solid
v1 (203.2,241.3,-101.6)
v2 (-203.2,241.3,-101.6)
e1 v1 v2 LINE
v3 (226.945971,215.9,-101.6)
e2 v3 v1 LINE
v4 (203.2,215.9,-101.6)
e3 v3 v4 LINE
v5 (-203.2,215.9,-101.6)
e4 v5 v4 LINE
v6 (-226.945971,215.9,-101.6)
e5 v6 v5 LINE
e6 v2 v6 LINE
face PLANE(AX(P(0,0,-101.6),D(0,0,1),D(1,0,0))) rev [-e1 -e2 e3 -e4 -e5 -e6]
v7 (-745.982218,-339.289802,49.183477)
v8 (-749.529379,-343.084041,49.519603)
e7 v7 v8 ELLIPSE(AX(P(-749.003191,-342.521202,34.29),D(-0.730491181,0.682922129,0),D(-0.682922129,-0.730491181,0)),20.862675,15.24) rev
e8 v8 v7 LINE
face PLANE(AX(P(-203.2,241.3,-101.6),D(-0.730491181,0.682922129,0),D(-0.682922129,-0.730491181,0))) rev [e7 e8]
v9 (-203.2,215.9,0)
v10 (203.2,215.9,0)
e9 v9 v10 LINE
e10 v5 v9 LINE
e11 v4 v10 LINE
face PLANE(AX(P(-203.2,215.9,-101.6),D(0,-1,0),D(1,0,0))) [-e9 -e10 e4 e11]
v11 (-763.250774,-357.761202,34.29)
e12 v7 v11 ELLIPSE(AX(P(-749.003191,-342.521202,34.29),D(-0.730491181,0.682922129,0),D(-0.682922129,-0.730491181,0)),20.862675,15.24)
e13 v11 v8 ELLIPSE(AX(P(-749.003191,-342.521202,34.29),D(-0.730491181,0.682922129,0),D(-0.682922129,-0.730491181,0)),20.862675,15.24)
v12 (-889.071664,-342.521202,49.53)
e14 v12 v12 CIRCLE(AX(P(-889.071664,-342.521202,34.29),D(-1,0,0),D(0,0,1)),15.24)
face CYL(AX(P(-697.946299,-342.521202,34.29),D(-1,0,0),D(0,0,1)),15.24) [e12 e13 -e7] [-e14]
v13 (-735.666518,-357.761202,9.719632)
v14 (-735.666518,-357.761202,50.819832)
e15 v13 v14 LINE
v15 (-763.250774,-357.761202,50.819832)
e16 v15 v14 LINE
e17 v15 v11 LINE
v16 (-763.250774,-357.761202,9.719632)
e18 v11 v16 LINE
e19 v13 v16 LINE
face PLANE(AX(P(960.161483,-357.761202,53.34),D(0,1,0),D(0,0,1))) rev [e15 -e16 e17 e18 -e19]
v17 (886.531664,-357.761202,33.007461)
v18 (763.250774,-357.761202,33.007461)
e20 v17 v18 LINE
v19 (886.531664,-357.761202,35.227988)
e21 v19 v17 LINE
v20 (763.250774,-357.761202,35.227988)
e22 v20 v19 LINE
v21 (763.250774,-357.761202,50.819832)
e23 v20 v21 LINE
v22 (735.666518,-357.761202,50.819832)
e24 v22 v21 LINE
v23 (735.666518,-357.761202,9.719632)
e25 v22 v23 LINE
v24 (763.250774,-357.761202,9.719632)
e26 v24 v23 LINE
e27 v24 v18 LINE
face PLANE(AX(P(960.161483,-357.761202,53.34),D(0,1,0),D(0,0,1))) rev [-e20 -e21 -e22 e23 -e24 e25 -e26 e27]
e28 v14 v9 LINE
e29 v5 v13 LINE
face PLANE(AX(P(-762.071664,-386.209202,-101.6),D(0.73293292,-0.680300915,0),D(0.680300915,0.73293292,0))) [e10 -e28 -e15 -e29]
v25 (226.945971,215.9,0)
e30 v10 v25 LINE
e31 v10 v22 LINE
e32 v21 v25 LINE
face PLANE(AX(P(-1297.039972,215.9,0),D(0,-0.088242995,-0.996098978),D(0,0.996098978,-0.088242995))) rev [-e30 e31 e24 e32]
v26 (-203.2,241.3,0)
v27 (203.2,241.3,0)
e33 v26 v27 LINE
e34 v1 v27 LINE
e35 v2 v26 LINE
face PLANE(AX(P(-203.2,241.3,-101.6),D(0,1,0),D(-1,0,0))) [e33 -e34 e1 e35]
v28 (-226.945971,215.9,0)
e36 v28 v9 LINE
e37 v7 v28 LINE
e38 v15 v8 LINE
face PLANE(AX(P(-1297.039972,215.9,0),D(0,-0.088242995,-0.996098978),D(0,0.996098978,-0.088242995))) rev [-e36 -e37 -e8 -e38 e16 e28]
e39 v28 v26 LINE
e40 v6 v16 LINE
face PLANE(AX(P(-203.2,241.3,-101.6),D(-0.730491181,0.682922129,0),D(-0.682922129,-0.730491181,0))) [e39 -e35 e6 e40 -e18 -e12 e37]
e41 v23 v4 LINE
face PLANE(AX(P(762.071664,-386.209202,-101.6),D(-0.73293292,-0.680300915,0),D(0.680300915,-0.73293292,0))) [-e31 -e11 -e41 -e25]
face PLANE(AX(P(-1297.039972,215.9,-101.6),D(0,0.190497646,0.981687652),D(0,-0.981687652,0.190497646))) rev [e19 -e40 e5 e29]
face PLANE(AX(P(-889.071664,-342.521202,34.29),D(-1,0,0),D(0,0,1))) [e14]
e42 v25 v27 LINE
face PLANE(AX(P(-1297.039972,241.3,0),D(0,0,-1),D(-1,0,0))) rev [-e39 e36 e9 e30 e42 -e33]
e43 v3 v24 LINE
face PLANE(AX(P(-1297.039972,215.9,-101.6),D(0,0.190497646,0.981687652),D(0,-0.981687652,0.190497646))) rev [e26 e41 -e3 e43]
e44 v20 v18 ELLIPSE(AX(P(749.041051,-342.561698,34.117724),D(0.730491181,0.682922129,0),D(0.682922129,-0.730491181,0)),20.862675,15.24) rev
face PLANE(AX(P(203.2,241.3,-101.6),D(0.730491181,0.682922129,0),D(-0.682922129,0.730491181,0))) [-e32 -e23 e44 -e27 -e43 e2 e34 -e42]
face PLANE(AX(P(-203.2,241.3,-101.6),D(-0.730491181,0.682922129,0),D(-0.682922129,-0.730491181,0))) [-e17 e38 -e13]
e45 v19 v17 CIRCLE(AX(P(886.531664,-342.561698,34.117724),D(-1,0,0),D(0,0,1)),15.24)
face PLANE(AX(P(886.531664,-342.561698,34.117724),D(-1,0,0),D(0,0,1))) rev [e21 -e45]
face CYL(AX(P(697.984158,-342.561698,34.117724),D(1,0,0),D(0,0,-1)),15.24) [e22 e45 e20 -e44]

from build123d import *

# Parameters (mm, degrees)
BOSS_EXTRUDE6_DEPTH              = 53.34
BOSS_EXTRUDE6_DEPTH_BACK         = 101.6
CUT_EXTRUDE8_REACH               = 902.262
CUT_EXTRUDE8_DIRECTION_2_REACH   = 902.262
SKETCH15_R                       = 19.05
BOSS_EXTRUDE8_DEPTH              = 127
CUT_EXTRUDE9_REACH               = 1709.816
SKETCH16_W                       = 38.1
SKETCH16_H                       = 10.414
CUT_EXTRUDE9_DIRECTION_2_REACH   = 1709.816
SKETCH17_R                       = 15.24
BOSS_EXTRUDE9_DEPTH              = 127
BOSS_EXTRUDE9_DIRECTION_2_REACH  = 1707.258
SKETCH18_R                       = 15.24
BOSS_EXTRUDE10_DEPTH             = 127
BOSS_EXTRUDE10_DIRECTION_2_REACH = 1704.799
CUT_EXTRUDE10_REACH              = 1704.799
CUT_EXTRUDE10_DIRECTION_2_REACH  = 1704.799


with BuildPart() as part:
    # Sketch12 → Boss-Extrude6 (new, two sides: drawn at the far end of the back side and taken through both)
    with BuildSketch(Plane.XY.offset(-BOSS_EXTRUDE6_DEPTH_BACK)):
        Polygon((-203.2, 241.3), (203.2, 241.3), (787.471663752, -383.669201703), (787.471663752, -424.309201703), (762.071663752, -424.309201703), (762.071663752, -386.209201703), (203.2, 215.9), (-203.2, 215.9), (-762.071663752, -386.209201703), (-762.071663752, -424.309201703), (-787.471663752, -424.309201703), (-787.471663752, -383.669201703), align=None)
    extrude(amount=BOSS_EXTRUDE6_DEPTH + BOSS_EXTRUDE6_DEPTH_BACK)

    # Cut-Extrude8: up to this plane
    cut_extrude8_end = Plane(origin=(-203.2, 241.3, -101.6), z_dir=(-0.7304911811601322, 0.6829221289775833, 0))
    # Sketch14 → Cut-Extrude8 (cut, up to the surface)
    with BuildSketch(Plane(origin=(0, 0, 0), x_dir=(0, 0, -1), z_dir=(1, 0, 0)), mode=Mode.PRIVATE) as cut_extrude8_sk1:
        Polygon((0, 241.3), (0, 215.9), (-53.34, -386.209201703), (-53.34, 241.3), align=None)
    cut_extrude8_tool1 = split(extrude(cut_extrude8_sk1.sketch, amount=-CUT_EXTRUDE8_REACH, mode=Mode.PRIVATE), bisect_by=cut_extrude8_end, keep=Keep.BOTH, mode=Mode.PRIVATE)
    add(cut_extrude8_tool1.solids().sort_by_distance((0, 31.800889, 34.868308))[0], mode=Mode.SUBTRACT)
    # Sketch14 → Cut-Extrude8 (cut, up to the surface)
    with BuildSketch(Plane(origin=(0, 0, 0), x_dir=(0, 0, -1), z_dir=(1, 0, 0)), mode=Mode.PRIVATE) as cut_extrude8_sk2:
        Polygon((101.6, 215.9), (-15.24, -386.209201703), (-15.24, -424.309201703), (101.6, -424.309201703), align=None)
    cut_extrude8_tool2 = split(extrude(cut_extrude8_sk2.sketch, amount=-CUT_EXTRUDE8_REACH, mode=Mode.PRIVATE), bisect_by=cut_extrude8_end, keep=Keep.BOTH, mode=Mode.PRIVATE)
    add(cut_extrude8_tool2.solids().sort_by_distance((0, -210.192787, -60.465735))[0], mode=Mode.SUBTRACT)

    # Cut-Extrude8 direction 2: up to this plane
    cut_extrude8_direction_2_end = Plane(origin=(203.2, 241.3, -101.6), z_dir=(0.7304911811601321, 0.6829221289775835, 0))
    # Sketch14 → Cut-Extrude8 direction 2 (cut, up to the surface)
    with BuildSketch(Plane(origin=(0, 0, 0), x_dir=(0, 0, -1), z_dir=(1, 0, 0)), mode=Mode.PRIVATE) as cut_extrude8_direction_2_sk1:
        Polygon((0, 241.3), (0, 215.9), (-53.34, -386.209201703), (-53.34, 241.3), align=None)
    cut_extrude8_direction_2_tool1 = split(extrude(cut_extrude8_direction_2_sk1.sketch, amount=CUT_EXTRUDE8_DIRECTION_2_REACH, mode=Mode.PRIVATE), bisect_by=cut_extrude8_direction_2_end, keep=Keep.BOTH, mode=Mode.PRIVATE)
    add(cut_extrude8_direction_2_tool1.solids().sort_by_distance((0, 31.800889, 34.868308))[0], mode=Mode.SUBTRACT)
    # Sketch14 → Cut-Extrude8 direction 2 (cut, up to the surface)
    with BuildSketch(Plane(origin=(0, 0, 0), x_dir=(0, 0, -1), z_dir=(1, 0, 0)), mode=Mode.PRIVATE) as cut_extrude8_direction_2_sk2:
        Polygon((101.6, 215.9), (-15.24, -386.209201703), (-15.24, -424.309201703), (101.6, -424.309201703), align=None)
    cut_extrude8_direction_2_tool2 = split(extrude(cut_extrude8_direction_2_sk2.sketch, amount=CUT_EXTRUDE8_DIRECTION_2_REACH, mode=Mode.PRIVATE), bisect_by=cut_extrude8_direction_2_end, keep=Keep.BOTH, mode=Mode.PRIVATE)
    add(cut_extrude8_direction_2_tool2.solids().sort_by_distance((0, -210.192787, -60.465735))[0], mode=Mode.SUBTRACT)

    # Sketch15 → Boss-Extrude8 (add)
    with BuildSketch(Plane.ZY.offset(762.071663752)):
        with Locations((34.29, -394.845201703)):
            Circle(SKETCH15_R)
    boss_extrude8 = extrude(amount=BOSS_EXTRUDE8_DEPTH)

    # Mirror2: Boss-Extrude8 across plane
    add(boss_extrude8.mirror(Plane(origin=(0, 0, 0), x_dir=(0, 0, 1), z_dir=(1, 0, 0))))

    # Cut-Extrude9: up to this face of the body (flat: up to its plane)
    cut_extrude9_end = Plane(part.part.faces().sort_by_distance((-787.471663752, -416.434815963, 34.29))[0])
    # Sketch16 → Cut-Extrude9 (cut, up to the picked face)
    with BuildSketch(Plane.ZY.offset(762.071663752), mode=Mode.PRIVATE) as cut_extrude9_sk1:
        with Locations((34.29, -419.102201703)):
            Rectangle(SKETCH16_W, SKETCH16_H)
    cut_extrude9_tool1 = split(extrude(cut_extrude9_sk1.sketch, amount=CUT_EXTRUDE9_REACH, mode=Mode.PRIVATE), bisect_by=cut_extrude9_end, keep=Keep.BOTH, mode=Mode.PRIVATE)
    add(cut_extrude9_tool1.solids().sort_by(Axis((-762.071664, -419.102202, 34.29), (-1, 0, 0)))[0], mode=Mode.SUBTRACT)

    # Cut-Extrude9 direction 2: up to this face of the body (flat: up to its plane)
    cut_extrude9_direction_2_end = Plane(part.part.faces().sort_by_distance((787.471663752, -416.434815963, 34.29))[0])
    # Sketch16 → Cut-Extrude9 direction 2 (cut, up to the picked face)
    with BuildSketch(Plane.ZY.offset(762.071663752), mode=Mode.PRIVATE) as cut_extrude9_direction_2_sk1:
        with Locations((34.29, -419.102201703)):
            Rectangle(SKETCH16_W, SKETCH16_H)
    cut_extrude9_direction_2_tool1 = split(extrude(cut_extrude9_direction_2_sk1.sketch, amount=-CUT_EXTRUDE9_DIRECTION_2_REACH, mode=Mode.PRIVATE), bisect_by=cut_extrude9_direction_2_end, keep=Keep.BOTH, mode=Mode.PRIVATE)
    add(cut_extrude9_direction_2_tool1.solids().sort_by(Axis((-762.071664, -419.102202, 34.29), (1, 0, 0)))[0], mode=Mode.SUBTRACT)

    # Sketch17 → Boss-Extrude9 (add)
    with BuildSketch(Plane.ZY.offset(762.071663752)):
        with Locations((34.29, -342.521201703)):
            Circle(SKETCH17_R)
    extrude(amount=BOSS_EXTRUDE9_DEPTH)

    # Boss-Extrude9 direction 2: up to this face of the body (flat: up to its plane)
    boss_extrude9_direction_2_end = Plane(part.part.faces().sort_by_distance((-449.243763763, -21.881982223, -17.095411005))[0])
    # Sketch17 → Boss-Extrude9 direction 2 (add, up to the picked face)
    with BuildSketch(Plane.ZY.offset(762.071663752), mode=Mode.PRIVATE) as boss_extrude9_direction_2_sk1:
        with Locations((34.29, -342.521201703)):
            Circle(SKETCH17_R)
    boss_extrude9_direction_2_tool1 = split(extrude(boss_extrude9_direction_2_sk1.sketch, amount=-BOSS_EXTRUDE9_DIRECTION_2_REACH, mode=Mode.PRIVATE), bisect_by=boss_extrude9_direction_2_end, keep=Keep.BOTH, mode=Mode.PRIVATE)
    add(boss_extrude9_direction_2_tool1.solids().sort_by(Axis((-762.071664, -342.521202, 34.29), (1, 0, 0)))[0])

    # Sketch18 → Boss-Extrude10 (add)
    with BuildSketch(Plane.ZY.offset(-759.531663752)):
        with Locations(Location((34.117724321, -342.561697921, 0), (0, 0, 270))):
            Circle(SKETCH18_R)
    extrude(amount=-BOSS_EXTRUDE10_DEPTH)

    # Boss-Extrude10 direction 2: up to this face of the body (flat: up to its plane)
    boss_extrude10_direction_2_end = Plane(part.part.faces().sort_by_distance((449.243763763, -21.881982223, -17.095411005))[0])
    # Sketch18 → Boss-Extrude10 direction 2 (add, up to the picked face)
    with BuildSketch(Plane.ZY.offset(-759.531663752), mode=Mode.PRIVATE) as boss_extrude10_direction_2_sk1:
        with Locations(Location((34.117724321, -342.561697921, 0), (0, 0, 270))):
            Circle(SKETCH18_R)
    boss_extrude10_direction_2_tool1 = split(extrude(boss_extrude10_direction_2_sk1.sketch, amount=BOSS_EXTRUDE10_DIRECTION_2_REACH, mode=Mode.PRIVATE), bisect_by=boss_extrude10_direction_2_end, keep=Keep.BOTH, mode=Mode.PRIVATE)
    add(boss_extrude10_direction_2_tool1.solids().sort_by(Axis((759.531664, -342.561698, 34.117724), (-1, 0, 0)))[0])

    # Cut-Extrude10: up to this face of the body (flat: up to its plane)
    cut_extrude10_end = Plane(part.part.faces().sort_by_distance((889.071663752, -394.845201703, 34.29))[0])
    # Sketch19 → Cut-Extrude10 (cut, up to the picked face)
    with BuildSketch(Plane.ZY.offset(-759.531663752), mode=Mode.PRIVATE) as cut_extrude10_sk1:
        Polygon((53.34, -413.895201703), (53.34, -360.809201703), (53.34, -357.761201703), (9.719632082, -357.761201703), (9.719632082, -413.895201703), (10.311100074, -413.895201703), align=None)
    cut_extrude10_tool1 = split(extrude(cut_extrude10_sk1.sketch, amount=-CUT_EXTRUDE10_REACH, mode=Mode.PRIVATE), bisect_by=cut_extrude10_end, keep=Keep.BOTH, mode=Mode.PRIVATE)
    add(cut_extrude10_tool1.solids().sort_by(Axis((759.531664, -385.828202, 31.529816), (1, 0, 0)))[0], mode=Mode.SUBTRACT)

    # Cut-Extrude10 direction 2: up to this face of the body (flat: up to its plane)
    cut_extrude10_direction_2_end = Plane(part.part.faces().sort_by_distance((-889.071663752, -394.845201703, 34.29))[0])
    # Sketch19 → Cut-Extrude10 direction 2 (cut, up to the picked face)
    with BuildSketch(Plane.ZY.offset(-759.531663752), mode=Mode.PRIVATE) as cut_extrude10_direction_2_sk1:
        Polygon((53.34, -413.895201703), (53.34, -360.809201703), (53.34, -357.761201703), (9.719632082, -357.761201703), (9.719632082, -413.895201703), (10.311100074, -413.895201703), align=None)
    cut_extrude10_direction_2_tool1 = split(extrude(cut_extrude10_direction_2_sk1.sketch, amount=CUT_EXTRUDE10_DIRECTION_2_REACH, mode=Mode.PRIVATE), bisect_by=cut_extrude10_direction_2_end, keep=Keep.BOTH, mode=Mode.PRIVATE)
    add(cut_extrude10_direction_2_tool1.solids().sort_by(Axis((759.531664, -385.828202, 31.529816), (-1, 0, 0)))[0], mode=Mode.SUBTRACT)


solid = part.part
